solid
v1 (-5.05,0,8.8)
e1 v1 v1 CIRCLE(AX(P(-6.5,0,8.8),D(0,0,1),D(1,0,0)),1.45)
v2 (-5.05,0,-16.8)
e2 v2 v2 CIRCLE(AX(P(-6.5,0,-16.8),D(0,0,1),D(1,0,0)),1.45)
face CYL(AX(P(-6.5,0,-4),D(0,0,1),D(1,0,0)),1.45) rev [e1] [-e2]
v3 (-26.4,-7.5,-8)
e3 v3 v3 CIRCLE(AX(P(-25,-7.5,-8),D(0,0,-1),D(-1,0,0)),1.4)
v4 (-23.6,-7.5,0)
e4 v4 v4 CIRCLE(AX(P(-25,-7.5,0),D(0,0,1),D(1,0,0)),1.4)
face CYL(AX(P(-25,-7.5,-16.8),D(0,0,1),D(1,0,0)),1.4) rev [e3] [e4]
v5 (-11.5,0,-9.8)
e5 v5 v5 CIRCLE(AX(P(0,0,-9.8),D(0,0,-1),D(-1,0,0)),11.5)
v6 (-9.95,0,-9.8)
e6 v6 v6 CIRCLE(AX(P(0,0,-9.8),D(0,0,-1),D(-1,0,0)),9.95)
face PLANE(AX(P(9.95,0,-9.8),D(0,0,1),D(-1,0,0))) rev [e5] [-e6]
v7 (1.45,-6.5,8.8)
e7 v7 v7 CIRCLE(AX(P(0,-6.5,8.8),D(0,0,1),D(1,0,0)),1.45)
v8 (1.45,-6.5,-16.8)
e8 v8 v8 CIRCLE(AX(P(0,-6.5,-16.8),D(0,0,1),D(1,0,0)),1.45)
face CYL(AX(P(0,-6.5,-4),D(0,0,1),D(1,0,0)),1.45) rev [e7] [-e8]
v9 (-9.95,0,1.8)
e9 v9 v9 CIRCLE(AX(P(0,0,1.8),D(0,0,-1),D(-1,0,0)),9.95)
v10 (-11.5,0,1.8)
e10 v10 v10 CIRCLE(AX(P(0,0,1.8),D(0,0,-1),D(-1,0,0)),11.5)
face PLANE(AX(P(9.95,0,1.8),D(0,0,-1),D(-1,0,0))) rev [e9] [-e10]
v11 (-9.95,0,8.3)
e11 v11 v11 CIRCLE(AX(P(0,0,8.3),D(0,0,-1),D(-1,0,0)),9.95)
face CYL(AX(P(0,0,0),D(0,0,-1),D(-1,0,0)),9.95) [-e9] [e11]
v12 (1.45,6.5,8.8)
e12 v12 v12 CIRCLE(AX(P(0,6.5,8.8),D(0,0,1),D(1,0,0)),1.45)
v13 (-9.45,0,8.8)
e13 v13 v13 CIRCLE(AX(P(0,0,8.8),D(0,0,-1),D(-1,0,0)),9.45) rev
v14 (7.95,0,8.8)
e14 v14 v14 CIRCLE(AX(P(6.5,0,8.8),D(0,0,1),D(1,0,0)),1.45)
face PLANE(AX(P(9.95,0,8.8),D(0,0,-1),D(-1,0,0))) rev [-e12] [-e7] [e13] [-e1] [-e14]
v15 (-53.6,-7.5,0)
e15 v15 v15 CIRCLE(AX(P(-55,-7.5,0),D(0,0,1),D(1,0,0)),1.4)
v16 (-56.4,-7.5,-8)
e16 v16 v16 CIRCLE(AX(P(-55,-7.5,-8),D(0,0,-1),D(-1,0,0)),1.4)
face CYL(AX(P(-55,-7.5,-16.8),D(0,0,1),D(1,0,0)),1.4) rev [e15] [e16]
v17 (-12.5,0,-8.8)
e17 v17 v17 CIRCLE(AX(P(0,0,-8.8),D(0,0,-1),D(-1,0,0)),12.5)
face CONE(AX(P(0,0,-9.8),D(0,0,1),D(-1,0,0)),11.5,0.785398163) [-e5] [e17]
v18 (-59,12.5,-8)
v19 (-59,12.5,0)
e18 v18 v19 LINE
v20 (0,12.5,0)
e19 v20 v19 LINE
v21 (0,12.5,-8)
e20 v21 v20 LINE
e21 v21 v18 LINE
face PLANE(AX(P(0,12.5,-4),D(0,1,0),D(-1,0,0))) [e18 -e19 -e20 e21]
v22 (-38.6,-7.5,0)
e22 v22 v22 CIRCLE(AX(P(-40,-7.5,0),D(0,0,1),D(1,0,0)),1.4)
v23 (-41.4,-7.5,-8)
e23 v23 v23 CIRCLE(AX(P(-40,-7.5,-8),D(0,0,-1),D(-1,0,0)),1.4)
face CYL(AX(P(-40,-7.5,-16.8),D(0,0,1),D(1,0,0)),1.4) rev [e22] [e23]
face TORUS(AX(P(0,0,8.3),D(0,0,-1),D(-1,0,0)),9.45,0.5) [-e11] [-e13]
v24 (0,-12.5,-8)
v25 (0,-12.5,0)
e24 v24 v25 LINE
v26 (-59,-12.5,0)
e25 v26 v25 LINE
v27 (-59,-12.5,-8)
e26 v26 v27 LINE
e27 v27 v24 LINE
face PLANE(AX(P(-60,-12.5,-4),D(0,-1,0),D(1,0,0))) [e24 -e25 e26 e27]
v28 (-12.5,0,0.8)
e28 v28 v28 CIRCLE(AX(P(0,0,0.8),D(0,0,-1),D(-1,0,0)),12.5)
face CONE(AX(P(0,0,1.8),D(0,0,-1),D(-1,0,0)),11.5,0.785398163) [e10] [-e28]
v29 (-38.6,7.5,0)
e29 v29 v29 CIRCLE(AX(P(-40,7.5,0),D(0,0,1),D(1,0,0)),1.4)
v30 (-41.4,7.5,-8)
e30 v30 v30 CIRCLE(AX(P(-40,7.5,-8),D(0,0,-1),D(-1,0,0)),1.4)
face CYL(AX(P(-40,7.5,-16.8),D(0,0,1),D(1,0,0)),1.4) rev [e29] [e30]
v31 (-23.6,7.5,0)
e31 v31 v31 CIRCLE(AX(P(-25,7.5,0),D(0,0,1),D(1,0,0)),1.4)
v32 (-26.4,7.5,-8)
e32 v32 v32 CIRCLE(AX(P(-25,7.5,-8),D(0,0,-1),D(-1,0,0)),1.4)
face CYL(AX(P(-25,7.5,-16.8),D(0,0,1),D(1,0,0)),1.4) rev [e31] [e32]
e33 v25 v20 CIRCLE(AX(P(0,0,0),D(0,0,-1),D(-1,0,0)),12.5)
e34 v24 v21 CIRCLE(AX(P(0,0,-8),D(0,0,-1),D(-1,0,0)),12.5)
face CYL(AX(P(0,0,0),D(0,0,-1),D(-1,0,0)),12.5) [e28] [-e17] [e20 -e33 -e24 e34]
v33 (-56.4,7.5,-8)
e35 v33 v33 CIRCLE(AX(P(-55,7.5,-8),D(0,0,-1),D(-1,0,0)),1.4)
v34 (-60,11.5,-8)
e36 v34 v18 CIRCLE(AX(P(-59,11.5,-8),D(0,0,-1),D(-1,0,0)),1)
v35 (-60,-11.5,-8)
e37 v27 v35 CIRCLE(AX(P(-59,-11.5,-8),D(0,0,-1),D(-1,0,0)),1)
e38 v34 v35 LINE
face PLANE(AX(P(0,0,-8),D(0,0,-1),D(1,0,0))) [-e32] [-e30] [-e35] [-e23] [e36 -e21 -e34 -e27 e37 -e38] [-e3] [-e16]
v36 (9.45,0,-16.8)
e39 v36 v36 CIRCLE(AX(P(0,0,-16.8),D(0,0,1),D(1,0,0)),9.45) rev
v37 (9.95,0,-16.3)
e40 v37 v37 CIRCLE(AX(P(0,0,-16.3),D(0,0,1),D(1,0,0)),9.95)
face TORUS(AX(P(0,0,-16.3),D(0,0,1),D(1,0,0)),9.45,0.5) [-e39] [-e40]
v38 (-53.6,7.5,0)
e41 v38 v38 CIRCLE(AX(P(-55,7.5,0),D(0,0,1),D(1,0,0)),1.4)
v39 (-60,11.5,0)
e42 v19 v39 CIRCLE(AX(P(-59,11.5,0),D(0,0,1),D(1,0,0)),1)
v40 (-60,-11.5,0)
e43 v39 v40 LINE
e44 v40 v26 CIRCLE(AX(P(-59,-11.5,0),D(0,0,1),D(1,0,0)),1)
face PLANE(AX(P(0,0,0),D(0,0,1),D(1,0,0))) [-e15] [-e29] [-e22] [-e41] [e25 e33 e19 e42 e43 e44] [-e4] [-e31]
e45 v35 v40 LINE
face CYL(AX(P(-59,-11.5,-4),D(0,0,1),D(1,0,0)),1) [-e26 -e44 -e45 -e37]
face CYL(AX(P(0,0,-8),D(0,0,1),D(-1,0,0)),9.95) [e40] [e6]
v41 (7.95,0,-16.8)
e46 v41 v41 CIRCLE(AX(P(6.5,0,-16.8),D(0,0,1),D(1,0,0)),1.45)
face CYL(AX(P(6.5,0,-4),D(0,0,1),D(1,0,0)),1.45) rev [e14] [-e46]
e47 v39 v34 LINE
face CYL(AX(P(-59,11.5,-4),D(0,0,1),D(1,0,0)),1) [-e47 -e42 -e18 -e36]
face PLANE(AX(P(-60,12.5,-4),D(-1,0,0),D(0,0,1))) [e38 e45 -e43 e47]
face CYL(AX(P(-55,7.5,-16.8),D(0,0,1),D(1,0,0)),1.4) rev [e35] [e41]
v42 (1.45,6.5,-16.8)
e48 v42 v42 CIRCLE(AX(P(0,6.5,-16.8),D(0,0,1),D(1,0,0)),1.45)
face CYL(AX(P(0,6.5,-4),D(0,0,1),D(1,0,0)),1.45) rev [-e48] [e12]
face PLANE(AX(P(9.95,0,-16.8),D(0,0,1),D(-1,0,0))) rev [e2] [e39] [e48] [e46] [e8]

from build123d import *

# Parameters (mm, degrees)
BOSS_EXTRUDE1_DEPTH = 4
SKETCH6_R           = 1.45
CUT_EXTRUDE1_DEPTH  = 63.610622102
SKETCH7_R           = 1.4
CUT_EXTRUDE2_DEPTH  = 64.549114864
FILLET1_R           = 1
FILLET2_R           = 0.5


with BuildPart() as part:
    # Sketch4 → Revolve1 (revolve)
    with BuildSketch(Plane(origin=(0, 0, 0), x_dir=(1, 0, 0), z_dir=(0, 1, 0)), mode=Mode.PRIVATE) as revolve1_sk:
        Polygon((9.95, -8.8), (0, -8.8), (0, 0), (12.5, 0), (12.5, -0.8), (11.5, -1.8), (9.95, -1.8), align=None)
    revolve1 = revolve(revolve1_sk.sketch.rotate(Axis((0, 0, 0), (0, 0, 1)), 180), axis=Axis((0, 0, 0), (0, 0, 1)))

    # Sketch5 → Boss-Extrude1 (add)
    with BuildSketch(Plane.XY):
        with BuildLine():
            Line((0, 12.5), (-60, 12.5))
            Line((-60, 12.5), (-60, -12.5))
            Line((-60, -12.5), (0, -12.5))
            ThreePointArc((0, -12.5), (12.5, 0), (0, 12.5))
        make_face()
    boss_extrude1 = extrude(amount=-BOSS_EXTRUDE1_DEPTH)

    # Sketch6 → Cut-Extrude1 (cut, through all)
    with BuildSketch(Plane.XY.offset(8.8)):
        with Locations((0, 6.5)):
            Circle(SKETCH6_R)
        with Locations((6.5, 0)):
            Circle(SKETCH6_R)
        with Locations((0, -6.5)):
            Circle(SKETCH6_R)
        with Locations((-6.5, 0)):
            Circle(SKETCH6_R)
    cut_extrude1 = extrude(amount=-CUT_EXTRUDE1_DEPTH, mode=Mode.SUBTRACT)

    # Mirror1: Revolve1, Boss-Extrude1, Cut-Extrude1 across plane
    add(revolve1.mirror(Plane.XY.offset(-4)))
    add(boss_extrude1.mirror(Plane.XY.offset(-4)))
    add(cut_extrude1.mirror(Plane.XY.offset(-4)), mode=Mode.SUBTRACT)

    # Sketch7 → Cut-Extrude2 (cut, through all)
    with BuildSketch(Plane.XY):
        with Locations((-55, 7.5)):
            Circle(SKETCH7_R)
        with Locations((-55, -7.5)):
            Circle(SKETCH7_R)
        with Locations((-40, 7.5)):
            Circle(SKETCH7_R)
        with Locations((-40, -7.5)):
            Circle(SKETCH7_R)
        with Locations((-25, 7.5)):
            Circle(SKETCH7_R)
        with Locations((-25, -7.5)):
            Circle(SKETCH7_R)
    extrude(amount=-CUT_EXTRUDE2_DEPTH, mode=Mode.SUBTRACT)

    # Fillet1
    fillet1_edges = [part.edges().sort_by_distance(p)[0] for p in [
        (-60, -12.5, -2),
        (-60, 12.5, -2),
    ]]
    fillet(fillet1_edges, radius=FILLET1_R)

    # Fillet2
    fillet2_edges = [part.edges().sort_by_distance(p)[0] for p in [
        (9.95, 0, -16.8),
        (9.95, 0, 8.8),
    ]]
    fillet(fillet2_edges, radius=FILLET2_R)


solid = part.part
